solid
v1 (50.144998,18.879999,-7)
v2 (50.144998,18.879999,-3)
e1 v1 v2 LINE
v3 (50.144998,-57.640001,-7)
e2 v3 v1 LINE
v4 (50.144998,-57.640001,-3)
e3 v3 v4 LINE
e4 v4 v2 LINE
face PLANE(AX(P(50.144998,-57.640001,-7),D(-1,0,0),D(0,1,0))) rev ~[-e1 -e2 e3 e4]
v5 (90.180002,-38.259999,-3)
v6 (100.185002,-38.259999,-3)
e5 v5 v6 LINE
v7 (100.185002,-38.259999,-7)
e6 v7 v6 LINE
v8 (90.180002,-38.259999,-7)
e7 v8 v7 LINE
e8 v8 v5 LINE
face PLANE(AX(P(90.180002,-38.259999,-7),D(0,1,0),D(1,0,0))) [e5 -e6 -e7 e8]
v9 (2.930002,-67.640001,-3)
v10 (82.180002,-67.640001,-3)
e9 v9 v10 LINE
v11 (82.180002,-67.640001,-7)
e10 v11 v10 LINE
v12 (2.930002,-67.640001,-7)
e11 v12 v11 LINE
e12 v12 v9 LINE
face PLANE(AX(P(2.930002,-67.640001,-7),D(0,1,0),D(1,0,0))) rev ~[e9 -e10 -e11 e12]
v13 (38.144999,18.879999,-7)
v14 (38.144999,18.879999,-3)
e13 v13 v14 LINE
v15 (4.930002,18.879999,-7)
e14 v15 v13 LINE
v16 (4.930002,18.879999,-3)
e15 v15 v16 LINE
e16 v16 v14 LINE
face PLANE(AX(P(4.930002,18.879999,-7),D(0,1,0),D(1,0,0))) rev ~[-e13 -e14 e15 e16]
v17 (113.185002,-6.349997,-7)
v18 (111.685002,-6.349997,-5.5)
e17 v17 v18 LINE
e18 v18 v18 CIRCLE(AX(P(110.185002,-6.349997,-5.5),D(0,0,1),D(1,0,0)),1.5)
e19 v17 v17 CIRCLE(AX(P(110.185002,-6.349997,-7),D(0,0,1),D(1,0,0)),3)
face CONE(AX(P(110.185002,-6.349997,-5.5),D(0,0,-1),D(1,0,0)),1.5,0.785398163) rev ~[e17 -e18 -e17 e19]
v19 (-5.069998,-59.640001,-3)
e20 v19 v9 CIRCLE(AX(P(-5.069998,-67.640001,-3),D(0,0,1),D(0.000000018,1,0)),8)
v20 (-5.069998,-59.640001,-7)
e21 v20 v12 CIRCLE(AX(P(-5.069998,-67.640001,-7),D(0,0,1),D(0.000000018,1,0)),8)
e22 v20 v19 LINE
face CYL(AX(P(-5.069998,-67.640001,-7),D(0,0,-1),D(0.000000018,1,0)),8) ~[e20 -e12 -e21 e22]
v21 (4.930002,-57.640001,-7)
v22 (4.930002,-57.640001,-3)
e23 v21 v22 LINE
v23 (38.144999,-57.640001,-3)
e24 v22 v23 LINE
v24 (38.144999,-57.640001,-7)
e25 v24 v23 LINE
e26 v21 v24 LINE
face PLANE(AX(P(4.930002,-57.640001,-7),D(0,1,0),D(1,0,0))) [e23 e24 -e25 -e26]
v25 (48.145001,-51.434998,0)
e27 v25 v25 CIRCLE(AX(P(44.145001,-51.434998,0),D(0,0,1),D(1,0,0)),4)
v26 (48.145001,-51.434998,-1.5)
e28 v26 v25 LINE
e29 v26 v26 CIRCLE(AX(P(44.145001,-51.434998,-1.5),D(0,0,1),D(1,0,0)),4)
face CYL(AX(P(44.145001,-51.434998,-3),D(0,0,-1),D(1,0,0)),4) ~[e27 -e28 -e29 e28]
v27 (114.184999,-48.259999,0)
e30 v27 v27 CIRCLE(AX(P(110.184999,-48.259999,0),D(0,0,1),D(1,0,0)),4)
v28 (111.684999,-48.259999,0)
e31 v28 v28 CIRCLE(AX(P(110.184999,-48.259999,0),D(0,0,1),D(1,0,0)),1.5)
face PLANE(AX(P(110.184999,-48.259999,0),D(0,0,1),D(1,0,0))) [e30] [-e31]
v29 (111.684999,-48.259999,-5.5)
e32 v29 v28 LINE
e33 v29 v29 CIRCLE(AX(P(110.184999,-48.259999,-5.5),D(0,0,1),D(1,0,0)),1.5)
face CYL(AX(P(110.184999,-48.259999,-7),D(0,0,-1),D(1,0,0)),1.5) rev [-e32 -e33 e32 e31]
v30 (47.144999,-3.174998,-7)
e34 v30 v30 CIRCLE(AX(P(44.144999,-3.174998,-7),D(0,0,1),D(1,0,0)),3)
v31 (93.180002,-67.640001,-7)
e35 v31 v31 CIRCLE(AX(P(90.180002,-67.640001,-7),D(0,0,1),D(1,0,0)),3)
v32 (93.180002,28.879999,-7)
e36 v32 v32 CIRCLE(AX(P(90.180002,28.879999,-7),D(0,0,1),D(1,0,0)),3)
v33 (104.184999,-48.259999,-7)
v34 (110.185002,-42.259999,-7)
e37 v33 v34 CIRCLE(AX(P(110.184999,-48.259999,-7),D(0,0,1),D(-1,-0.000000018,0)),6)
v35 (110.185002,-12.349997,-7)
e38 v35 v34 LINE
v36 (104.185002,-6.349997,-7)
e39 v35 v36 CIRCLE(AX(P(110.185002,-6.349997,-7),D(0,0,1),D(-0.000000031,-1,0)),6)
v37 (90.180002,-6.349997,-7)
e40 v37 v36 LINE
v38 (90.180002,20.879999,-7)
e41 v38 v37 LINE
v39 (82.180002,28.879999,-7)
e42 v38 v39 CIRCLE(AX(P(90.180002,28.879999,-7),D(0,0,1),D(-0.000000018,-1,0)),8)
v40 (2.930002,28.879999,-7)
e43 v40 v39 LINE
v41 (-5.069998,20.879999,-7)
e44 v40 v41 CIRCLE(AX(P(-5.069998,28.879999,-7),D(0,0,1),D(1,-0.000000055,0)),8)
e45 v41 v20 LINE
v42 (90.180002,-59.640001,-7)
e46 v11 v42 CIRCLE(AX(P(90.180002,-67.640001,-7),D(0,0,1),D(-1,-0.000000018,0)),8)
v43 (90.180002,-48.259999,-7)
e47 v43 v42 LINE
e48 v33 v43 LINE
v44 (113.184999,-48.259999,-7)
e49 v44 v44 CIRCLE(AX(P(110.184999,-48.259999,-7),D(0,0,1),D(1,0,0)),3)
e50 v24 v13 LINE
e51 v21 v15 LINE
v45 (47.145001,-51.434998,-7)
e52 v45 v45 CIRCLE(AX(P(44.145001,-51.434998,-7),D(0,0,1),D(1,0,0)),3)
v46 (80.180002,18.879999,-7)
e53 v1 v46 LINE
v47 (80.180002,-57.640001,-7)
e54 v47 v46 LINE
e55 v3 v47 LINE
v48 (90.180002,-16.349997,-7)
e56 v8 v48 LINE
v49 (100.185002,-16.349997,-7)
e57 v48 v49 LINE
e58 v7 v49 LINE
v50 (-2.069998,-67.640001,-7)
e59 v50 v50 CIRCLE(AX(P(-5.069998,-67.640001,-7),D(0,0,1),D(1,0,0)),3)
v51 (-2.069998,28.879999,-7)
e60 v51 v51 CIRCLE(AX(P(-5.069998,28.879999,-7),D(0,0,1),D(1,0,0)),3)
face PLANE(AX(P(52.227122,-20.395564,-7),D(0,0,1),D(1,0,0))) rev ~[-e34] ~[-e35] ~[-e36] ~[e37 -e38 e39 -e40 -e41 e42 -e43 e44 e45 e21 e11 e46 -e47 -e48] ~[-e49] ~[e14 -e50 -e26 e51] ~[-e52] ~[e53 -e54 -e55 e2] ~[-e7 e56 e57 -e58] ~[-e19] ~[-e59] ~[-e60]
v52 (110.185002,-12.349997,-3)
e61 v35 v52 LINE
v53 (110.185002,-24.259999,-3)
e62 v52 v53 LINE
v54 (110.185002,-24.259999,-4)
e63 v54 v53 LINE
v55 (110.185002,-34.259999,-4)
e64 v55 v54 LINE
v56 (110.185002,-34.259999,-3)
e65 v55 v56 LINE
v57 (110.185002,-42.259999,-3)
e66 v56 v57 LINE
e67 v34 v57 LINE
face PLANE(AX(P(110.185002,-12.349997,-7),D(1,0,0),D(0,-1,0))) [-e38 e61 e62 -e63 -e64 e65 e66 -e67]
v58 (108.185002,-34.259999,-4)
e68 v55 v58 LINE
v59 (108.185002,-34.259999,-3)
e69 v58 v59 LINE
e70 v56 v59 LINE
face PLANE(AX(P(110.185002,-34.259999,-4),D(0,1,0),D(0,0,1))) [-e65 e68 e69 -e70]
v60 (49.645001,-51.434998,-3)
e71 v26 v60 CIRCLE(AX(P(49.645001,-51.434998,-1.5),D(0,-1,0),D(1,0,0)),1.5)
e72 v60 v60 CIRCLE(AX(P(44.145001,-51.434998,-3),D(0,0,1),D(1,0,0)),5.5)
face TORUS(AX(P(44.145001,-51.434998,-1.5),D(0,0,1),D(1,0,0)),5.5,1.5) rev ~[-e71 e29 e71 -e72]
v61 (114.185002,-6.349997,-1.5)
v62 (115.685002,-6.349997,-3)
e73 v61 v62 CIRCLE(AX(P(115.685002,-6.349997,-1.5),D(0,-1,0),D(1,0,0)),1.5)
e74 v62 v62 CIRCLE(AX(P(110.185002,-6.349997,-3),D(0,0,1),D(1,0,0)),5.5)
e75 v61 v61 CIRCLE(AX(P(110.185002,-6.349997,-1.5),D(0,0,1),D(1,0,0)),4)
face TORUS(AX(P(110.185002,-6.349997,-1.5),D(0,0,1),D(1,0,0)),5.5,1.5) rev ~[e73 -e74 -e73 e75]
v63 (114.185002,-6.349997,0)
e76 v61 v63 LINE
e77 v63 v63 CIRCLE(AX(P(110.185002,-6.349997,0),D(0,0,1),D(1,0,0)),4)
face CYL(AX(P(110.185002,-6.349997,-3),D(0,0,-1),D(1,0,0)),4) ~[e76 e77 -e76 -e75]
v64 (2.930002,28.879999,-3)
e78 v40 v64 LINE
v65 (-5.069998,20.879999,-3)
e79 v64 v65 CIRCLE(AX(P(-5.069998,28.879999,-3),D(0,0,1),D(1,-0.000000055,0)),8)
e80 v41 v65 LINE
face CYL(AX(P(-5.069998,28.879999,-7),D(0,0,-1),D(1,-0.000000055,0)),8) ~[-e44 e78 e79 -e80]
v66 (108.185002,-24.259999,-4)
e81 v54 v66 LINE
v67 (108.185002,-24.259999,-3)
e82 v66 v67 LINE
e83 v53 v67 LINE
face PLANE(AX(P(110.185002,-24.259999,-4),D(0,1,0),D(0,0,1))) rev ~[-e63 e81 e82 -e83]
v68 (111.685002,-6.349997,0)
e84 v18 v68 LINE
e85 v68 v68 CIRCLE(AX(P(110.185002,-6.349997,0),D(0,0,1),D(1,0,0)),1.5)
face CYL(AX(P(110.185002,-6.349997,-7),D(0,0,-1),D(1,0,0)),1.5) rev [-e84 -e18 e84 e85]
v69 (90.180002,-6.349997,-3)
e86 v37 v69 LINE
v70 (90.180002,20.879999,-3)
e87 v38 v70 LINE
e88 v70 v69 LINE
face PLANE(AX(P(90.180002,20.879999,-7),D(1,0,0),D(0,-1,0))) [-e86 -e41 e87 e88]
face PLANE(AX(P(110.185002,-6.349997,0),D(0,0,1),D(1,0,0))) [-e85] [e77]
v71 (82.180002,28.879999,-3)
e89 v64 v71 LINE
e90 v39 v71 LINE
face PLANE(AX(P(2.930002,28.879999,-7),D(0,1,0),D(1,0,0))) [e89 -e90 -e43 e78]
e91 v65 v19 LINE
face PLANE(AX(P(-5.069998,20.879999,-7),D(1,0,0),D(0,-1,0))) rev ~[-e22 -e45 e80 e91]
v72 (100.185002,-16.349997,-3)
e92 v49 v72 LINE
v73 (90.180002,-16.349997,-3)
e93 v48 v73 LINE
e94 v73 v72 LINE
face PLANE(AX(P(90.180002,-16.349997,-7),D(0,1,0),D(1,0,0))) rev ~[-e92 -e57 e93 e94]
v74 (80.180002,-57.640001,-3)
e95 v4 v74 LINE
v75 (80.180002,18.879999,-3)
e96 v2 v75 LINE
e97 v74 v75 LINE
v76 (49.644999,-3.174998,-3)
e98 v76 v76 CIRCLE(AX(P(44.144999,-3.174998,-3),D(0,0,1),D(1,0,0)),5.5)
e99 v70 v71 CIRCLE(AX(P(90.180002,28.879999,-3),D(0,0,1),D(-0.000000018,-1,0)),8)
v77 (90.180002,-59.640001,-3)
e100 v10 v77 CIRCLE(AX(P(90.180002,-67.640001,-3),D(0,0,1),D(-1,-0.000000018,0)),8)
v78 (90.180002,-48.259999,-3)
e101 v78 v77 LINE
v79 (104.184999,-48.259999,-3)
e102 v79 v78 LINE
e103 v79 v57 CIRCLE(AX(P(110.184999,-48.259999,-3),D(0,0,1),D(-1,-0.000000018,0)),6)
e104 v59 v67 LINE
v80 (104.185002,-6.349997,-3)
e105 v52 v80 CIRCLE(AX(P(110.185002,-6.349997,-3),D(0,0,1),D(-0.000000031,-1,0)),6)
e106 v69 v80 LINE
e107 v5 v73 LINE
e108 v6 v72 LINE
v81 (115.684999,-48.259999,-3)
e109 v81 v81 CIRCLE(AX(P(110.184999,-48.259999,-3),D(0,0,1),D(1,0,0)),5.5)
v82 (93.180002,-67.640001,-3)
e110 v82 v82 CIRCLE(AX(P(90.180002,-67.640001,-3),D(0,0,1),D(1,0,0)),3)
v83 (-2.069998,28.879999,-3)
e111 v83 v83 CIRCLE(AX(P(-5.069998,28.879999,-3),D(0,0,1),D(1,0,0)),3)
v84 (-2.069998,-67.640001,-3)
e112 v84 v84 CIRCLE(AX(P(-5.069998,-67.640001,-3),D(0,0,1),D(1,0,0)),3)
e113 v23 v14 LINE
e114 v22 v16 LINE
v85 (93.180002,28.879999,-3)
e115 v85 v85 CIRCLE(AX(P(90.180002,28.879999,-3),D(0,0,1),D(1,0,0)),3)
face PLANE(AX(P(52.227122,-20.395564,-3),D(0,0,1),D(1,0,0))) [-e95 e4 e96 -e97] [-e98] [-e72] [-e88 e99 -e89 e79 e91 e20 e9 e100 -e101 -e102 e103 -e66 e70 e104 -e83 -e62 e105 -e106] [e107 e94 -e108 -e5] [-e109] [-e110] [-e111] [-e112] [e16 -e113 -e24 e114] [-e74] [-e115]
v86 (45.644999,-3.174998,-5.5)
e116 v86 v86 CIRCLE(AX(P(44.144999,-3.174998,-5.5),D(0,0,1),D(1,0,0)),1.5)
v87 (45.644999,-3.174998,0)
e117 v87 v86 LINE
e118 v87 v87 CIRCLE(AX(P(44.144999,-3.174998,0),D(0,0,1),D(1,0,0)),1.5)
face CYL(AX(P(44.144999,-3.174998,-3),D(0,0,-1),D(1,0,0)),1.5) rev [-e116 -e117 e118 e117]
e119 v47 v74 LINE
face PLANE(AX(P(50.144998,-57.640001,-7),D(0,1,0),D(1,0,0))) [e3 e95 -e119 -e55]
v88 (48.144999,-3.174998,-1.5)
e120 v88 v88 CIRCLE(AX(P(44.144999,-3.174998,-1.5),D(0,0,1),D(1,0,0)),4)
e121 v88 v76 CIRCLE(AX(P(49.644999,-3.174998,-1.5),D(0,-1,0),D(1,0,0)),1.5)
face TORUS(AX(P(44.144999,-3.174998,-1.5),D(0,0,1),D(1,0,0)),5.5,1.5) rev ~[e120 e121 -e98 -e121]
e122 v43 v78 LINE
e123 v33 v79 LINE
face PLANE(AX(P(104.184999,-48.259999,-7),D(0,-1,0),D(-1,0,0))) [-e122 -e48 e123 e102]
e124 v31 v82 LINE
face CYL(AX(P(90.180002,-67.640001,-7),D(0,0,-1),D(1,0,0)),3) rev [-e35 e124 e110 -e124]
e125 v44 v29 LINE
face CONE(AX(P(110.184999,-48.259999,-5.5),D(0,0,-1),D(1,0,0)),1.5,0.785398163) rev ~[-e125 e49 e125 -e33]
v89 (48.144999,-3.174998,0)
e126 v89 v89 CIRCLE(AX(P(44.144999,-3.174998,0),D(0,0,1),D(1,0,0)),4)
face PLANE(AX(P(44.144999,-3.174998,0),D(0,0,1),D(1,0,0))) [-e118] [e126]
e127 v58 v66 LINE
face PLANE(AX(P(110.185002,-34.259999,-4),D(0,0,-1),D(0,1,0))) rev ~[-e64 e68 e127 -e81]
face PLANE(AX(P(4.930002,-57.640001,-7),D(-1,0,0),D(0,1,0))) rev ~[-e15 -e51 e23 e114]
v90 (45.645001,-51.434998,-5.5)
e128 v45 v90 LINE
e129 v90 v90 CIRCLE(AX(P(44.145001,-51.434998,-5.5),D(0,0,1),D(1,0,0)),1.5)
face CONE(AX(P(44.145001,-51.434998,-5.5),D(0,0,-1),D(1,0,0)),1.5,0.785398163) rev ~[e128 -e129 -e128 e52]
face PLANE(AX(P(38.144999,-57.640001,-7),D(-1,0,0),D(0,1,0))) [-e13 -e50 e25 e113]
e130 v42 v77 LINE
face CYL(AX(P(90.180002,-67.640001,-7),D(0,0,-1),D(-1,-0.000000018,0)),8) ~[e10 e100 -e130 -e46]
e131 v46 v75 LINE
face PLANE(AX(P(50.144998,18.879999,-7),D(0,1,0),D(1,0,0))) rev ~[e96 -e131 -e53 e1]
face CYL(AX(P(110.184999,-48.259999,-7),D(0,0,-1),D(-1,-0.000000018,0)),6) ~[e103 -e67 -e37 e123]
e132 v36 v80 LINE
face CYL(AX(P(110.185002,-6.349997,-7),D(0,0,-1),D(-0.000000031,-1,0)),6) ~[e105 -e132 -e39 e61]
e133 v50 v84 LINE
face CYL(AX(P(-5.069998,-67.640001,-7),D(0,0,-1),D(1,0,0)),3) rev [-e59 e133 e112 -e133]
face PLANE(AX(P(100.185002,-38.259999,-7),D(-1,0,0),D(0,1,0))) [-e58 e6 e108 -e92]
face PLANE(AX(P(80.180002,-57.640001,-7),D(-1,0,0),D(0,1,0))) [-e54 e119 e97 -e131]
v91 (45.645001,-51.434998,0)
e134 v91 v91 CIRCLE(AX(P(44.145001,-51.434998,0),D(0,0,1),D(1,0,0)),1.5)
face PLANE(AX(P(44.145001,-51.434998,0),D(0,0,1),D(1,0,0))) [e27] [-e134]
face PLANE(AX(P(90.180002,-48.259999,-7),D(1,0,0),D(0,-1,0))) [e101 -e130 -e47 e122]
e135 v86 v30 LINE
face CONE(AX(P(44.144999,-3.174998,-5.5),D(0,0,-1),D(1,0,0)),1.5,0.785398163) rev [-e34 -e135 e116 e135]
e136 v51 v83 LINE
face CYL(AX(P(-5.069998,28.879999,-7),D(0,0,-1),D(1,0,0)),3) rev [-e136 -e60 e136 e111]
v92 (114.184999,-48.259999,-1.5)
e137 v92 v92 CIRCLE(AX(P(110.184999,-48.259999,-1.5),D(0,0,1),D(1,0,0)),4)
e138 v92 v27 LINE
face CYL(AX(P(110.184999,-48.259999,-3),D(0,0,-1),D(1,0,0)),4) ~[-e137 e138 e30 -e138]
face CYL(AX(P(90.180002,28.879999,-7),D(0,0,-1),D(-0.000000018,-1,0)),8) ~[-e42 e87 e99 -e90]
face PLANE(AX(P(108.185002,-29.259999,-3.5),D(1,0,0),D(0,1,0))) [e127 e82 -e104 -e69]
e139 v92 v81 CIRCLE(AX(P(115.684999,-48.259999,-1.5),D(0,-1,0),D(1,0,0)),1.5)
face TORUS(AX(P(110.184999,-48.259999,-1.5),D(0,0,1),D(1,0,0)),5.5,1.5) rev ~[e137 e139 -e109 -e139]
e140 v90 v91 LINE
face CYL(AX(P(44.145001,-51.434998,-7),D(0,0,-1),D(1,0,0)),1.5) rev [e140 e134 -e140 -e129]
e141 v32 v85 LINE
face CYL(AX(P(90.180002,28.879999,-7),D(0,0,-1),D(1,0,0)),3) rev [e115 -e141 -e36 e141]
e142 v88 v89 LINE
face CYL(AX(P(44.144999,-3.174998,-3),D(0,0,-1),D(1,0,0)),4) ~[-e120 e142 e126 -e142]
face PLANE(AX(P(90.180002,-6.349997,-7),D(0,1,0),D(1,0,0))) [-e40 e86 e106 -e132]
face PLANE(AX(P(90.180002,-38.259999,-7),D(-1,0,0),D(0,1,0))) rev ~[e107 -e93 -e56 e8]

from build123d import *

# Parameters (mm, degrees)
SKETCH_R      = 1.5
SKETCH_R_2    = 3
SKETCH_W      = 33.214997
SKETCH_H      = 76.52
SKETCH_W_2    = 30.035003
SKETCH_W_3    = 10.005
SKETCH_H_2    = 21.910002
PAD_DEPTH     = 4
SKETCH001_R   = 4
SKETCH001_R_2 = 1.5
PAD001_DEPTH  = 3
FILLET_R      = 1.5
SKETCH002_W   = 10
SKETCH002_H   = 1
POCKET_DEPTH  = 2
CHAMFER_SIZE  = 1.5


with BuildPart() as bbb_hole_pattern:
    # Sketch → Pad (new body)
    with BuildSketch(Plane.XY):
        with BuildLine():
            ThreePointArc((2.930002, 28.879999), (-10.726853, 34.536854), (-5.069998, 20.879999))
            Line((-5.069998, 20.879999), (-5.069998, -59.640001))
            ThreePointArc((-5.069998, -59.640001), (-10.726853, -73.296855), (2.930002, -67.640001))
            Line((2.930002, -67.640001), (82.180002, -67.640001))
            ThreePointArc((82.180002, -67.640001), (95.836856, -73.296855), (90.180002, -59.640001))
            Line((90.180002, -48.259999), (90.180002, -59.640001))
            Line((104.184999, -48.259999), (90.180002, -48.259999))
            ThreePointArc((104.184999, -48.259999), (114.427638, -52.502641), (110.185002, -42.259999))
            Line((110.185002, -12.349997), (110.185002, -42.259999))
            ThreePointArc((110.185002, -12.349997), (114.427643, -2.107356), (104.185002, -6.349997))
            Line((90.180002, -6.349997), (104.185002, -6.349997))
            Line((90.180002, 20.879999), (90.180002, -6.349997))
            ThreePointArc((90.180002, 20.879999), (95.836856, 34.536854), (82.180002, 28.879999))
            Line((2.930002, 28.879999), (82.180002, 28.879999))
        make_face()
        with Locations((44.145001, -51.434998)):
            Circle(SKETCH_R, mode=Mode.SUBTRACT)
        with Locations((110.184999, -48.259999)):
            Circle(SKETCH_R, mode=Mode.SUBTRACT)
        with Locations((44.144999, -3.174998)):
            Circle(SKETCH_R, mode=Mode.SUBTRACT)
        with Locations((110.185002, -6.349997)):
            Circle(SKETCH_R, mode=Mode.SUBTRACT)
        with Locations((-5.069998, 28.879999)):
            Circle(SKETCH_R_2, mode=Mode.SUBTRACT)
        with Locations((-5.069998, -67.640001)):
            Circle(SKETCH_R_2, mode=Mode.SUBTRACT)
        with Locations((90.180002, -67.640001)):
            Circle(SKETCH_R_2, mode=Mode.SUBTRACT)
        with Locations((90.180002, 28.879999)):
            Circle(SKETCH_R_2, mode=Mode.SUBTRACT)
        with Locations((21.537501, -19.380001)):
            Rectangle(SKETCH_W, SKETCH_H, mode=Mode.SUBTRACT)
        with Locations((65.1625, -19.380001)):
            Rectangle(SKETCH_W_2, SKETCH_H, mode=Mode.SUBTRACT)
        with Locations((95.182502, -27.304998)):
            Rectangle(SKETCH_W_3, SKETCH_H_2, mode=Mode.SUBTRACT)
    extrude(amount=PAD_DEPTH)


with BuildPart() as top_supports_final:
    # Pad001 base: copy of bbb_hole_pattern
    add(bbb_hole_pattern.part)

    # Sketch001 → Pad001 (new body)
    with BuildSketch(Plane.XY.offset(4)):
        with Locations((44.144999, -3.174998)):
            Circle(SKETCH001_R)
        with Locations((44.144999, -3.174998)):
            Circle(SKETCH001_R_2, mode=Mode.SUBTRACT)
        with Locations((44.145001, -51.434998)):
            Circle(SKETCH001_R)
        with Locations((44.145001, -51.434998)):
            Circle(SKETCH001_R_2, mode=Mode.SUBTRACT)
        with Locations((110.184999, -48.259999)):
            Circle(SKETCH001_R)
        with Locations((110.184999, -48.259999)):
            Circle(SKETCH001_R_2, mode=Mode.SUBTRACT)
        with Locations((110.185002, -6.349997)):
            Circle(SKETCH001_R)
        with Locations((110.185002, -6.349997)):
            Circle(SKETCH001_R_2, mode=Mode.SUBTRACT)
    extrude(amount=PAD001_DEPTH)


with BuildPart() as top_support_fillets:
    # Fillet base: copy of top_supports_final
    add(top_supports_final.part)

    # Fillet
    fillet_edges = [top_support_fillets.edges().sort_by_distance(p)[0] for p in [
        (106.184999, -48.259999, 4),
        (40.144999, -3.174998, 4),
        (40.145001, -51.434998, 4),
        (106.185002, -6.349997, 4),
    ]]
    fillet(fillet_edges, radius=FILLET_R)


with BuildPart() as base_rough:
    # Fusion base: copy of bbb_hole_pattern
    add(bbb_hole_pattern.part)

    # Fusion: union top_support_fillets, top_supports_final
    add(top_support_fillets.part)
    add(top_supports_final.part)


with BuildPart() as base_rough_1:
    # Fusion placement: moved
    add(base_rough.part.moved(Location((0, 0, -7))))


with BuildPart() as hdmi_clearance:
    # Pocket base: copy of base_rough
    add(base_rough_1.part)

    # Sketch002 → Pocket (cut)
    with BuildSketch(Plane(origin=(110.185002, 0, -7), x_dir=(0, 1, 0), z_dir=(1, 0, 0))):
        with Locations((-29.259999, 3.5)):
            Rectangle(SKETCH002_W, SKETCH002_H)
    extrude(amount=-POCKET_DEPTH, mode=Mode.SUBTRACT)


with BuildPart() as chamfer_body:
    # Chamfer base: copy of base_rough
    add(base_rough_1.part)

    # Chamfer
    chamfer_edges = [chamfer_body.edges().sort_by_distance(p)[0] for p in [
        (42.644999, -3.174998, -7),
        (42.645001, -51.434998, -7),
        (108.684999, -48.259999, -7),
        (108.685002, -6.349997, -7),
    ]]
    chamfer(chamfer_edges, length=CHAMFER_SIZE)


with BuildPart() as bbb_support_bracket:
    # Common base: copy of base_rough
    add(base_rough_1.part)

    # Common: intersect hdmi_clearance, Chamfer body
    add(hdmi_clearance.part, mode=Mode.INTERSECT)
    add(chamfer_body.part, mode=Mode.INTERSECT)


solid = bbb_support_bracket.part
